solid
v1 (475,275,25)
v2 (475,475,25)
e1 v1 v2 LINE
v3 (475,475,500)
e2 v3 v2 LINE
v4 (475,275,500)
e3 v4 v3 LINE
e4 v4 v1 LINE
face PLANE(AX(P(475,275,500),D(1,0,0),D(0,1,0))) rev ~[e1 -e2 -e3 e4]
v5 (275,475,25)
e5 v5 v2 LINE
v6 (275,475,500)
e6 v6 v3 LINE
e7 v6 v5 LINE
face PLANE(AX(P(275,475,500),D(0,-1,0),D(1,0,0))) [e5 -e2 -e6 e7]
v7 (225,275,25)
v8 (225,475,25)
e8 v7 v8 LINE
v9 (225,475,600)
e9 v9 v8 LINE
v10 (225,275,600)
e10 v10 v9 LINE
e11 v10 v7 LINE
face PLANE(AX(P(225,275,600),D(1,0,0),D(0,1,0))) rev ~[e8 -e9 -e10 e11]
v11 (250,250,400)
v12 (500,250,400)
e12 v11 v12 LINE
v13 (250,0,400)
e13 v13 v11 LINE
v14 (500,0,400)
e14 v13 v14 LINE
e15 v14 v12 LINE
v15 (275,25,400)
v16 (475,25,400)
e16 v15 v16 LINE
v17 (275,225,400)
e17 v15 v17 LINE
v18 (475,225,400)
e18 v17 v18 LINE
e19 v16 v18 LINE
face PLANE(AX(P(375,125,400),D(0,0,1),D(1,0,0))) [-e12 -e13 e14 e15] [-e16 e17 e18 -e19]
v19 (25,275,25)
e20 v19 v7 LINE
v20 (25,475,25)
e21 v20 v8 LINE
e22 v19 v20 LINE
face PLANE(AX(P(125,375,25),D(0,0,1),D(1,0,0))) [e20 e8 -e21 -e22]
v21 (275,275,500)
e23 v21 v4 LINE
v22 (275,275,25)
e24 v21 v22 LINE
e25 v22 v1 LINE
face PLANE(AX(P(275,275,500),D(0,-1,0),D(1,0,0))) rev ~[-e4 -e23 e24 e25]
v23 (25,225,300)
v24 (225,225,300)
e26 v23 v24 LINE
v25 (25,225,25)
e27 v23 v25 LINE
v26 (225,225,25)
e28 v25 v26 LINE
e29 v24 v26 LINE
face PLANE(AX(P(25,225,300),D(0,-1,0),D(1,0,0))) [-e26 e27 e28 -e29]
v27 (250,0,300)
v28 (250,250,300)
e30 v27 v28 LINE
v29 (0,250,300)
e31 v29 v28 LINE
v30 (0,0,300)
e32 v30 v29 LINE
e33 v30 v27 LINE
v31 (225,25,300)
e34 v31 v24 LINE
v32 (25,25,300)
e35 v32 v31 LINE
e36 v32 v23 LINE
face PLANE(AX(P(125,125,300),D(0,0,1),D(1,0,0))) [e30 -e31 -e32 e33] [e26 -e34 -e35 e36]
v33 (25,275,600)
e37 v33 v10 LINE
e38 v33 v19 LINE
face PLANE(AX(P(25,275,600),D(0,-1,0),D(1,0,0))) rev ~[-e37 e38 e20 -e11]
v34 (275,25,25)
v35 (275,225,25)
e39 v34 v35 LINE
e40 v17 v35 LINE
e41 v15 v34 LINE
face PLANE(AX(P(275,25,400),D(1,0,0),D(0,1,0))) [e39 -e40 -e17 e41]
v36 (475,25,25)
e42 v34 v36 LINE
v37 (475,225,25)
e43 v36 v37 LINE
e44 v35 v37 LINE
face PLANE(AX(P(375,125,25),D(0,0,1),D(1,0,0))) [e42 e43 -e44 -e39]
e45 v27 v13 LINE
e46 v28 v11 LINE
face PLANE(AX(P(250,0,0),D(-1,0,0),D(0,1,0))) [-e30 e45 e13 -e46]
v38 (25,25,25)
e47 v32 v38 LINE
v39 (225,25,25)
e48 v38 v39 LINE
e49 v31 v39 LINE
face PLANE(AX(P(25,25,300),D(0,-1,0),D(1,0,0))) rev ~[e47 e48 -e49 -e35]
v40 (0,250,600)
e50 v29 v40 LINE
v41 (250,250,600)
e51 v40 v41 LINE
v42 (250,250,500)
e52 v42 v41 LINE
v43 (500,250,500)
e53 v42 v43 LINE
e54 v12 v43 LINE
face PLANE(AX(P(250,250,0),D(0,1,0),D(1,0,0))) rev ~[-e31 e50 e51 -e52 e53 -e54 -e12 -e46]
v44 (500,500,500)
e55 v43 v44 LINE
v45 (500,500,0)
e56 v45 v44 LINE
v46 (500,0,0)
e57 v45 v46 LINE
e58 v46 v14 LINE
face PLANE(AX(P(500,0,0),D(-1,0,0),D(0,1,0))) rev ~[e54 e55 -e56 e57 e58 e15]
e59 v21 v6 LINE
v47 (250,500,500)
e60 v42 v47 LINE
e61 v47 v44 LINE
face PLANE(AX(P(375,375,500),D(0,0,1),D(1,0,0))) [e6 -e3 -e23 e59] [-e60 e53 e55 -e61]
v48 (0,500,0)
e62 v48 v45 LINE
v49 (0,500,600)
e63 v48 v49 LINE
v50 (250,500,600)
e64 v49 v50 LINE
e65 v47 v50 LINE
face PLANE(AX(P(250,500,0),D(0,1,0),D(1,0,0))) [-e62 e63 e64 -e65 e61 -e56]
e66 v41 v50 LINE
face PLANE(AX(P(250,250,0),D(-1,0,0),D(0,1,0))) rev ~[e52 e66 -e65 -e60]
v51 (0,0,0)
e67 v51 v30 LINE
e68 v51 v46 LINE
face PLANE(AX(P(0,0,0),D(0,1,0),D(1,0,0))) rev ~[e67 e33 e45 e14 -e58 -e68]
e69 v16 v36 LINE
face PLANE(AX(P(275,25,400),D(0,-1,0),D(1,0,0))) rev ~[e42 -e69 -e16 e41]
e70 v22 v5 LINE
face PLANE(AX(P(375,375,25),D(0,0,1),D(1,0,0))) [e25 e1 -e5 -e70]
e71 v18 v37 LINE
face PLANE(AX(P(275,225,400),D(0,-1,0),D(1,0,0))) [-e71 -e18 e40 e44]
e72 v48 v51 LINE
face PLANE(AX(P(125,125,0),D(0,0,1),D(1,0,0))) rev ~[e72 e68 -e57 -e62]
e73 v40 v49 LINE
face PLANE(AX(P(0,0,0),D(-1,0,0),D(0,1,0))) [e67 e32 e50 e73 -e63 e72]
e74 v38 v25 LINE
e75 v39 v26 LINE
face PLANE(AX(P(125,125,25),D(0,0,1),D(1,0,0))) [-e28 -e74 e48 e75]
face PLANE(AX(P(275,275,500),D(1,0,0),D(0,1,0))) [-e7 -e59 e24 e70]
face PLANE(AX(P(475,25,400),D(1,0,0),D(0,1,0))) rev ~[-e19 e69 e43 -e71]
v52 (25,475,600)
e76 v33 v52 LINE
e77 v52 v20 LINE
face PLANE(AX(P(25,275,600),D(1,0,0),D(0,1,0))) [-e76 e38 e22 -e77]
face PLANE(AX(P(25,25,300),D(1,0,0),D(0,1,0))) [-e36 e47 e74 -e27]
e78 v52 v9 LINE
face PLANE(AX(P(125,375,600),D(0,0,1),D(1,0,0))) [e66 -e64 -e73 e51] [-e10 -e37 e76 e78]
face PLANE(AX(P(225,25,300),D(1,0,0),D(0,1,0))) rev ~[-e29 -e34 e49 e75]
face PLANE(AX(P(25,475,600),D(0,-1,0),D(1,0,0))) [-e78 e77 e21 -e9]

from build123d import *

# Parameters (mm, degrees)
F0_W      = 250
F0_H      = 250
F1_DEPTH  = 600
F2_DEPTH  = 500
F3_DEPTH  = 400
F4_DEPTH  = 300
F5_W      = 200
F5_H      = 200
F6_DEPTH  = 575
F7_W      = 200
F7_H      = 200
F8_DEPTH  = 475
F9_W      = 200
F9_H      = 200
F10_DEPTH = 375
F11_W     = 200
F11_H     = 200
F12_DEPTH = 275


with BuildPart() as f1:
    # F0 (on Top) → F1 (new body)
    with BuildSketch(Plane.XY):
        with Locations((125, 375)):
            Rectangle(F0_W, F0_H)
    extrude(amount=F1_DEPTH)

    # F0 (on Top) → F2 (join)
    with BuildSketch(Plane.XY):
        with Locations((375, 375)):
            Rectangle(F0_W, F0_H)
    extrude(amount=F2_DEPTH)

    # F0 (on Top) → F3 (join)
    with BuildSketch(Plane.XY):
        with Locations((375, 125)):
            Rectangle(F0_W, F0_H)
    extrude(amount=F3_DEPTH)

    # F0 (on Top) → F4 (join)
    with BuildSketch(Plane.XY):
        with Locations((125, 125)):
            Rectangle(F0_W, F0_H)
    extrude(amount=F4_DEPTH)

    # F5 (on face) → F6 (cut)
    with BuildSketch(Plane.XY.offset(600)):
        with Locations((125, 375)):
            Rectangle(F5_W, F5_H)
    extrude(amount=-F6_DEPTH, mode=Mode.SUBTRACT)

    # F7 (on face) → F8 (cut)
    with BuildSketch(Plane.XY.offset(500)):
        with Locations((375, 375)):
            Rectangle(F7_W, F7_H)
    extrude(amount=-F8_DEPTH, mode=Mode.SUBTRACT)

    # F9 (on face) → F10 (cut)
    with BuildSketch(Plane.XY.offset(400)):
        with Locations((375, 125)):
            Rectangle(F9_W, F9_H)
    extrude(amount=-F10_DEPTH, mode=Mode.SUBTRACT)

    # F11 (on face) → F12 (cut)
    with BuildSketch(Plane.XY.offset(300)):
        with Locations((125, 125)):
            Rectangle(F11_W, F11_H)
    extrude(amount=-F12_DEPTH, mode=Mode.SUBTRACT)


solid = f1.part
